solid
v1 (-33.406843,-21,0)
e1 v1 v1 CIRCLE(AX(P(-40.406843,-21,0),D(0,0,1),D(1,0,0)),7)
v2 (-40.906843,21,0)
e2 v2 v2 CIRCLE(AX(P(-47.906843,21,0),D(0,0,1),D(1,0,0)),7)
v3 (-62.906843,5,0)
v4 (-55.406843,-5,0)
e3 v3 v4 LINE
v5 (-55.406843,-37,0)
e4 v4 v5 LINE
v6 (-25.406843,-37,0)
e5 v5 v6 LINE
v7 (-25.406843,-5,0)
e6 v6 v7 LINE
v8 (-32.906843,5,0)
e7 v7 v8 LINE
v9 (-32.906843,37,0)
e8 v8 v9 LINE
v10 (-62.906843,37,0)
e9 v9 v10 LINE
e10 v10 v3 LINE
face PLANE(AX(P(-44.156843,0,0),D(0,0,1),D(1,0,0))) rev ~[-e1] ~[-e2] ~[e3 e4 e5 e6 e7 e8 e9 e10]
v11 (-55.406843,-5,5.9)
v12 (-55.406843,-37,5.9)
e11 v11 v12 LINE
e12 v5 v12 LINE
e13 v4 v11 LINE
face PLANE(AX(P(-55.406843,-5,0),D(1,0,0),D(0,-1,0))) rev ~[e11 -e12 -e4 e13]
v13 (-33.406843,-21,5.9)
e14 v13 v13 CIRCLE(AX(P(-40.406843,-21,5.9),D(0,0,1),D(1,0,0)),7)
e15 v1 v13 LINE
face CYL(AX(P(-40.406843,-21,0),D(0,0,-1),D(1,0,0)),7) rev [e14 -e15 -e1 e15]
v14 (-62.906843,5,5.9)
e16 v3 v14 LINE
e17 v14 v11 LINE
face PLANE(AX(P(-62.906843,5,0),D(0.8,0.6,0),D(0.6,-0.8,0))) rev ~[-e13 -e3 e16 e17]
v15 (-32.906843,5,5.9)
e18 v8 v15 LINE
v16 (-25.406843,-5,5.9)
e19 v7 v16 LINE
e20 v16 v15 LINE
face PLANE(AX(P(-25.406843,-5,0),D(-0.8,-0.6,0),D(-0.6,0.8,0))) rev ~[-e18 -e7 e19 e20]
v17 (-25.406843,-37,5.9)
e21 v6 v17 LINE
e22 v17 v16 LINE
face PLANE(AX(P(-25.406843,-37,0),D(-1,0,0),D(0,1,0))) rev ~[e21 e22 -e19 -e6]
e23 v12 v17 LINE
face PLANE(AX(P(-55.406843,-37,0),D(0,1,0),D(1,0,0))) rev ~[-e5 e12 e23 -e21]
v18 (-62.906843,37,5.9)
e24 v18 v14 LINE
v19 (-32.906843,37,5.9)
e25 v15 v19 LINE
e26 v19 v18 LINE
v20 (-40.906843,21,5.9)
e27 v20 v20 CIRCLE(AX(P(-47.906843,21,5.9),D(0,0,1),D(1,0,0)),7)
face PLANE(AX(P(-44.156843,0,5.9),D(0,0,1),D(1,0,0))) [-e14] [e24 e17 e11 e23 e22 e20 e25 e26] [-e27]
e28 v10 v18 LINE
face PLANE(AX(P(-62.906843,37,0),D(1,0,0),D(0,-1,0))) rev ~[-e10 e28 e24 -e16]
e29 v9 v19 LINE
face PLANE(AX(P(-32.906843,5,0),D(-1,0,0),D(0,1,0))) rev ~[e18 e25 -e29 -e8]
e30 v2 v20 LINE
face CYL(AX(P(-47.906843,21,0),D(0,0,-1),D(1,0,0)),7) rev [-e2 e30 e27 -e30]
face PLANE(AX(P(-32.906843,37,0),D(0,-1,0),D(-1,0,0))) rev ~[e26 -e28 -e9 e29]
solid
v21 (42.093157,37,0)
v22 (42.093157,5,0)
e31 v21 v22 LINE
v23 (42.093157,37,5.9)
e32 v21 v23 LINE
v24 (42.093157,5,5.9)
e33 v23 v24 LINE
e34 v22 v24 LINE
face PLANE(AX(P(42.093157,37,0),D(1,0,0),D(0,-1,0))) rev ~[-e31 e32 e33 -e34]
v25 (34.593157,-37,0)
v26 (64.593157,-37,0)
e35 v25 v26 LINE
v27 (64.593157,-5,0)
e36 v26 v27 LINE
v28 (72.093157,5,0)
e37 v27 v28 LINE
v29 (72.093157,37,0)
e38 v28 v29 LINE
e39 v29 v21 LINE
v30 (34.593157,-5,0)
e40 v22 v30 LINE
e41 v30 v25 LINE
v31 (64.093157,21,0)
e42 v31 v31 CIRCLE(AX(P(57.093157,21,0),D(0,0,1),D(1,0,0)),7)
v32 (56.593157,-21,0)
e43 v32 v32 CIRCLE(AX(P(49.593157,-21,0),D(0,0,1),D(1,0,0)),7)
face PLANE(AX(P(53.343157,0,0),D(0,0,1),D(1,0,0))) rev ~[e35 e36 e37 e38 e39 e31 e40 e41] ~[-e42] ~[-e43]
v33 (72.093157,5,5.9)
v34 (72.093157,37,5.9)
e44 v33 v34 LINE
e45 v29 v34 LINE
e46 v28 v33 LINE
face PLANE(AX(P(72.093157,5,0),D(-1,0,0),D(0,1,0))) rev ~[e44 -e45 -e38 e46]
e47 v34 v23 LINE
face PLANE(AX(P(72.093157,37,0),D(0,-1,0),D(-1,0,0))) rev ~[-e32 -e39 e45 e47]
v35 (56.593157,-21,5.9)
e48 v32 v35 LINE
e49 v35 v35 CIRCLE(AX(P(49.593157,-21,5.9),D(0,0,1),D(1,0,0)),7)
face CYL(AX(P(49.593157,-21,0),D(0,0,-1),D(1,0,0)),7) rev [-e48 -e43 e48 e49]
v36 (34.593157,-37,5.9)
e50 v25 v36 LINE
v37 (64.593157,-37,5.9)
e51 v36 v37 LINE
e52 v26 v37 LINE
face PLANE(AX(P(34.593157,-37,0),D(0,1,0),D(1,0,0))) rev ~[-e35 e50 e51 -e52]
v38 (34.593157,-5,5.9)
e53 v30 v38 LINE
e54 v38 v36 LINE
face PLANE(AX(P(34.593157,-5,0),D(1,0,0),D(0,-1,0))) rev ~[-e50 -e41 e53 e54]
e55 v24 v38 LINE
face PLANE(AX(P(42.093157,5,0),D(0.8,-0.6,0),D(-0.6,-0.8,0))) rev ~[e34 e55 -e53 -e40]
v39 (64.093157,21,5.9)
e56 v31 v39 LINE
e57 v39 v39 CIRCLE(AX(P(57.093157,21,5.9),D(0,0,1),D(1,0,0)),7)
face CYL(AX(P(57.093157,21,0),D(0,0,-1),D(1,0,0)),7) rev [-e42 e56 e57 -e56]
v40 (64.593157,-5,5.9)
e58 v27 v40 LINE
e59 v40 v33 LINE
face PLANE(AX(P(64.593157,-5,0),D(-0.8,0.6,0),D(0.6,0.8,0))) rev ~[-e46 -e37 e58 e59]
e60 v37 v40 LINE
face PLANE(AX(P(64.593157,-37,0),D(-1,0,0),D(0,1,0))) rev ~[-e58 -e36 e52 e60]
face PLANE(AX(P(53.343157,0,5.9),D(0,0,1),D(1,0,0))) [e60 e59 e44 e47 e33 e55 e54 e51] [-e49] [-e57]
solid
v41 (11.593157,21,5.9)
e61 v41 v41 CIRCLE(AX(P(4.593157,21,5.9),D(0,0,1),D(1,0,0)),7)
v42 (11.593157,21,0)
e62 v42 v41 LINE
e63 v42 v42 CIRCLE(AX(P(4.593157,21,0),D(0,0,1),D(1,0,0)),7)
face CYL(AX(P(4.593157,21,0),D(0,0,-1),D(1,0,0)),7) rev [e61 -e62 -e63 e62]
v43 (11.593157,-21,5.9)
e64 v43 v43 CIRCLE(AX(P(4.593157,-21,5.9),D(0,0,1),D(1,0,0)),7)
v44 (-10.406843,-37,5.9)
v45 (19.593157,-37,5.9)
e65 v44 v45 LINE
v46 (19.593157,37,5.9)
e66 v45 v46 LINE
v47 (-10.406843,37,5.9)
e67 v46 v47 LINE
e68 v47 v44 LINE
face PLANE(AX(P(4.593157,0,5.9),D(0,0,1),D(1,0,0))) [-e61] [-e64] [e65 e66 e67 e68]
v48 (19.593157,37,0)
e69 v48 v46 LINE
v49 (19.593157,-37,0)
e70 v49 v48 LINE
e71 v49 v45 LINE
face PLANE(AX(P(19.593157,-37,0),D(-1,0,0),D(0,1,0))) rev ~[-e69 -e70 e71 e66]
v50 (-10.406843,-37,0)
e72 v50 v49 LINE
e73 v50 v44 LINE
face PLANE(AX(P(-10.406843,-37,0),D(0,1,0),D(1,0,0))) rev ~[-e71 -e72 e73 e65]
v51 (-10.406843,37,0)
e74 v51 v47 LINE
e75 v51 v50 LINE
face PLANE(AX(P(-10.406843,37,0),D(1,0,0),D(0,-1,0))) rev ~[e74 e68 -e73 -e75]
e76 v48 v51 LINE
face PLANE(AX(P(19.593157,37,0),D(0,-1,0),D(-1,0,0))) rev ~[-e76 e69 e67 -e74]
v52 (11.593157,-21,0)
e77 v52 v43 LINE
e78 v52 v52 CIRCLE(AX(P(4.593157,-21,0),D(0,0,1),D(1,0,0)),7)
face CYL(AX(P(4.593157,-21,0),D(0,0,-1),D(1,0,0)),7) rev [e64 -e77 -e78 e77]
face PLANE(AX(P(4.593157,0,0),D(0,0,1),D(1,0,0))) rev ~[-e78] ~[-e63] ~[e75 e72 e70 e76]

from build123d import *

# Parameters (mm, degrees)
F0_R     = 7
F1_DEPTH = 5.9


with BuildPart() as f1:
    # F0 (on Top) → F1 (new body)
    with BuildSketch(Plane.XY):
        Polygon((-32.906843, 37), (-62.906843, 37), (-62.906843, 5), (-55.406843, -5), (-55.406843, -37), (-25.406843, -37), (-25.406843, -5), (-32.906843, 5), align=None)
        with Locations((-40.406843, -21)):
            Circle(F0_R, mode=Mode.SUBTRACT)
        with Locations((-47.906843, 21)):
            Circle(F0_R, mode=Mode.SUBTRACT)
        Polygon((4.593157, 37), (-10.406843, 37), (-10.406843, -37), (19.593157, -37), (19.593157, 37), align=None)
        with Locations((4.593157, -21)):
            Circle(F0_R, mode=Mode.SUBTRACT)
        with Locations((4.593157, 21)):
            Circle(F0_R, mode=Mode.SUBTRACT)
        Polygon((72.093157, 5), (72.093157, 37), (42.093157, 37), (42.093157, 5), (34.593157, -5), (34.593157, -37), (64.593157, -37), (64.593157, -5), align=None)
        with Locations((49.593157, -21)):
            Circle(F0_R, mode=Mode.SUBTRACT)
        with Locations((57.093157, 21)):
            Circle(F0_R, mode=Mode.SUBTRACT)
    extrude(amount=F1_DEPTH)


solid = f1.part
